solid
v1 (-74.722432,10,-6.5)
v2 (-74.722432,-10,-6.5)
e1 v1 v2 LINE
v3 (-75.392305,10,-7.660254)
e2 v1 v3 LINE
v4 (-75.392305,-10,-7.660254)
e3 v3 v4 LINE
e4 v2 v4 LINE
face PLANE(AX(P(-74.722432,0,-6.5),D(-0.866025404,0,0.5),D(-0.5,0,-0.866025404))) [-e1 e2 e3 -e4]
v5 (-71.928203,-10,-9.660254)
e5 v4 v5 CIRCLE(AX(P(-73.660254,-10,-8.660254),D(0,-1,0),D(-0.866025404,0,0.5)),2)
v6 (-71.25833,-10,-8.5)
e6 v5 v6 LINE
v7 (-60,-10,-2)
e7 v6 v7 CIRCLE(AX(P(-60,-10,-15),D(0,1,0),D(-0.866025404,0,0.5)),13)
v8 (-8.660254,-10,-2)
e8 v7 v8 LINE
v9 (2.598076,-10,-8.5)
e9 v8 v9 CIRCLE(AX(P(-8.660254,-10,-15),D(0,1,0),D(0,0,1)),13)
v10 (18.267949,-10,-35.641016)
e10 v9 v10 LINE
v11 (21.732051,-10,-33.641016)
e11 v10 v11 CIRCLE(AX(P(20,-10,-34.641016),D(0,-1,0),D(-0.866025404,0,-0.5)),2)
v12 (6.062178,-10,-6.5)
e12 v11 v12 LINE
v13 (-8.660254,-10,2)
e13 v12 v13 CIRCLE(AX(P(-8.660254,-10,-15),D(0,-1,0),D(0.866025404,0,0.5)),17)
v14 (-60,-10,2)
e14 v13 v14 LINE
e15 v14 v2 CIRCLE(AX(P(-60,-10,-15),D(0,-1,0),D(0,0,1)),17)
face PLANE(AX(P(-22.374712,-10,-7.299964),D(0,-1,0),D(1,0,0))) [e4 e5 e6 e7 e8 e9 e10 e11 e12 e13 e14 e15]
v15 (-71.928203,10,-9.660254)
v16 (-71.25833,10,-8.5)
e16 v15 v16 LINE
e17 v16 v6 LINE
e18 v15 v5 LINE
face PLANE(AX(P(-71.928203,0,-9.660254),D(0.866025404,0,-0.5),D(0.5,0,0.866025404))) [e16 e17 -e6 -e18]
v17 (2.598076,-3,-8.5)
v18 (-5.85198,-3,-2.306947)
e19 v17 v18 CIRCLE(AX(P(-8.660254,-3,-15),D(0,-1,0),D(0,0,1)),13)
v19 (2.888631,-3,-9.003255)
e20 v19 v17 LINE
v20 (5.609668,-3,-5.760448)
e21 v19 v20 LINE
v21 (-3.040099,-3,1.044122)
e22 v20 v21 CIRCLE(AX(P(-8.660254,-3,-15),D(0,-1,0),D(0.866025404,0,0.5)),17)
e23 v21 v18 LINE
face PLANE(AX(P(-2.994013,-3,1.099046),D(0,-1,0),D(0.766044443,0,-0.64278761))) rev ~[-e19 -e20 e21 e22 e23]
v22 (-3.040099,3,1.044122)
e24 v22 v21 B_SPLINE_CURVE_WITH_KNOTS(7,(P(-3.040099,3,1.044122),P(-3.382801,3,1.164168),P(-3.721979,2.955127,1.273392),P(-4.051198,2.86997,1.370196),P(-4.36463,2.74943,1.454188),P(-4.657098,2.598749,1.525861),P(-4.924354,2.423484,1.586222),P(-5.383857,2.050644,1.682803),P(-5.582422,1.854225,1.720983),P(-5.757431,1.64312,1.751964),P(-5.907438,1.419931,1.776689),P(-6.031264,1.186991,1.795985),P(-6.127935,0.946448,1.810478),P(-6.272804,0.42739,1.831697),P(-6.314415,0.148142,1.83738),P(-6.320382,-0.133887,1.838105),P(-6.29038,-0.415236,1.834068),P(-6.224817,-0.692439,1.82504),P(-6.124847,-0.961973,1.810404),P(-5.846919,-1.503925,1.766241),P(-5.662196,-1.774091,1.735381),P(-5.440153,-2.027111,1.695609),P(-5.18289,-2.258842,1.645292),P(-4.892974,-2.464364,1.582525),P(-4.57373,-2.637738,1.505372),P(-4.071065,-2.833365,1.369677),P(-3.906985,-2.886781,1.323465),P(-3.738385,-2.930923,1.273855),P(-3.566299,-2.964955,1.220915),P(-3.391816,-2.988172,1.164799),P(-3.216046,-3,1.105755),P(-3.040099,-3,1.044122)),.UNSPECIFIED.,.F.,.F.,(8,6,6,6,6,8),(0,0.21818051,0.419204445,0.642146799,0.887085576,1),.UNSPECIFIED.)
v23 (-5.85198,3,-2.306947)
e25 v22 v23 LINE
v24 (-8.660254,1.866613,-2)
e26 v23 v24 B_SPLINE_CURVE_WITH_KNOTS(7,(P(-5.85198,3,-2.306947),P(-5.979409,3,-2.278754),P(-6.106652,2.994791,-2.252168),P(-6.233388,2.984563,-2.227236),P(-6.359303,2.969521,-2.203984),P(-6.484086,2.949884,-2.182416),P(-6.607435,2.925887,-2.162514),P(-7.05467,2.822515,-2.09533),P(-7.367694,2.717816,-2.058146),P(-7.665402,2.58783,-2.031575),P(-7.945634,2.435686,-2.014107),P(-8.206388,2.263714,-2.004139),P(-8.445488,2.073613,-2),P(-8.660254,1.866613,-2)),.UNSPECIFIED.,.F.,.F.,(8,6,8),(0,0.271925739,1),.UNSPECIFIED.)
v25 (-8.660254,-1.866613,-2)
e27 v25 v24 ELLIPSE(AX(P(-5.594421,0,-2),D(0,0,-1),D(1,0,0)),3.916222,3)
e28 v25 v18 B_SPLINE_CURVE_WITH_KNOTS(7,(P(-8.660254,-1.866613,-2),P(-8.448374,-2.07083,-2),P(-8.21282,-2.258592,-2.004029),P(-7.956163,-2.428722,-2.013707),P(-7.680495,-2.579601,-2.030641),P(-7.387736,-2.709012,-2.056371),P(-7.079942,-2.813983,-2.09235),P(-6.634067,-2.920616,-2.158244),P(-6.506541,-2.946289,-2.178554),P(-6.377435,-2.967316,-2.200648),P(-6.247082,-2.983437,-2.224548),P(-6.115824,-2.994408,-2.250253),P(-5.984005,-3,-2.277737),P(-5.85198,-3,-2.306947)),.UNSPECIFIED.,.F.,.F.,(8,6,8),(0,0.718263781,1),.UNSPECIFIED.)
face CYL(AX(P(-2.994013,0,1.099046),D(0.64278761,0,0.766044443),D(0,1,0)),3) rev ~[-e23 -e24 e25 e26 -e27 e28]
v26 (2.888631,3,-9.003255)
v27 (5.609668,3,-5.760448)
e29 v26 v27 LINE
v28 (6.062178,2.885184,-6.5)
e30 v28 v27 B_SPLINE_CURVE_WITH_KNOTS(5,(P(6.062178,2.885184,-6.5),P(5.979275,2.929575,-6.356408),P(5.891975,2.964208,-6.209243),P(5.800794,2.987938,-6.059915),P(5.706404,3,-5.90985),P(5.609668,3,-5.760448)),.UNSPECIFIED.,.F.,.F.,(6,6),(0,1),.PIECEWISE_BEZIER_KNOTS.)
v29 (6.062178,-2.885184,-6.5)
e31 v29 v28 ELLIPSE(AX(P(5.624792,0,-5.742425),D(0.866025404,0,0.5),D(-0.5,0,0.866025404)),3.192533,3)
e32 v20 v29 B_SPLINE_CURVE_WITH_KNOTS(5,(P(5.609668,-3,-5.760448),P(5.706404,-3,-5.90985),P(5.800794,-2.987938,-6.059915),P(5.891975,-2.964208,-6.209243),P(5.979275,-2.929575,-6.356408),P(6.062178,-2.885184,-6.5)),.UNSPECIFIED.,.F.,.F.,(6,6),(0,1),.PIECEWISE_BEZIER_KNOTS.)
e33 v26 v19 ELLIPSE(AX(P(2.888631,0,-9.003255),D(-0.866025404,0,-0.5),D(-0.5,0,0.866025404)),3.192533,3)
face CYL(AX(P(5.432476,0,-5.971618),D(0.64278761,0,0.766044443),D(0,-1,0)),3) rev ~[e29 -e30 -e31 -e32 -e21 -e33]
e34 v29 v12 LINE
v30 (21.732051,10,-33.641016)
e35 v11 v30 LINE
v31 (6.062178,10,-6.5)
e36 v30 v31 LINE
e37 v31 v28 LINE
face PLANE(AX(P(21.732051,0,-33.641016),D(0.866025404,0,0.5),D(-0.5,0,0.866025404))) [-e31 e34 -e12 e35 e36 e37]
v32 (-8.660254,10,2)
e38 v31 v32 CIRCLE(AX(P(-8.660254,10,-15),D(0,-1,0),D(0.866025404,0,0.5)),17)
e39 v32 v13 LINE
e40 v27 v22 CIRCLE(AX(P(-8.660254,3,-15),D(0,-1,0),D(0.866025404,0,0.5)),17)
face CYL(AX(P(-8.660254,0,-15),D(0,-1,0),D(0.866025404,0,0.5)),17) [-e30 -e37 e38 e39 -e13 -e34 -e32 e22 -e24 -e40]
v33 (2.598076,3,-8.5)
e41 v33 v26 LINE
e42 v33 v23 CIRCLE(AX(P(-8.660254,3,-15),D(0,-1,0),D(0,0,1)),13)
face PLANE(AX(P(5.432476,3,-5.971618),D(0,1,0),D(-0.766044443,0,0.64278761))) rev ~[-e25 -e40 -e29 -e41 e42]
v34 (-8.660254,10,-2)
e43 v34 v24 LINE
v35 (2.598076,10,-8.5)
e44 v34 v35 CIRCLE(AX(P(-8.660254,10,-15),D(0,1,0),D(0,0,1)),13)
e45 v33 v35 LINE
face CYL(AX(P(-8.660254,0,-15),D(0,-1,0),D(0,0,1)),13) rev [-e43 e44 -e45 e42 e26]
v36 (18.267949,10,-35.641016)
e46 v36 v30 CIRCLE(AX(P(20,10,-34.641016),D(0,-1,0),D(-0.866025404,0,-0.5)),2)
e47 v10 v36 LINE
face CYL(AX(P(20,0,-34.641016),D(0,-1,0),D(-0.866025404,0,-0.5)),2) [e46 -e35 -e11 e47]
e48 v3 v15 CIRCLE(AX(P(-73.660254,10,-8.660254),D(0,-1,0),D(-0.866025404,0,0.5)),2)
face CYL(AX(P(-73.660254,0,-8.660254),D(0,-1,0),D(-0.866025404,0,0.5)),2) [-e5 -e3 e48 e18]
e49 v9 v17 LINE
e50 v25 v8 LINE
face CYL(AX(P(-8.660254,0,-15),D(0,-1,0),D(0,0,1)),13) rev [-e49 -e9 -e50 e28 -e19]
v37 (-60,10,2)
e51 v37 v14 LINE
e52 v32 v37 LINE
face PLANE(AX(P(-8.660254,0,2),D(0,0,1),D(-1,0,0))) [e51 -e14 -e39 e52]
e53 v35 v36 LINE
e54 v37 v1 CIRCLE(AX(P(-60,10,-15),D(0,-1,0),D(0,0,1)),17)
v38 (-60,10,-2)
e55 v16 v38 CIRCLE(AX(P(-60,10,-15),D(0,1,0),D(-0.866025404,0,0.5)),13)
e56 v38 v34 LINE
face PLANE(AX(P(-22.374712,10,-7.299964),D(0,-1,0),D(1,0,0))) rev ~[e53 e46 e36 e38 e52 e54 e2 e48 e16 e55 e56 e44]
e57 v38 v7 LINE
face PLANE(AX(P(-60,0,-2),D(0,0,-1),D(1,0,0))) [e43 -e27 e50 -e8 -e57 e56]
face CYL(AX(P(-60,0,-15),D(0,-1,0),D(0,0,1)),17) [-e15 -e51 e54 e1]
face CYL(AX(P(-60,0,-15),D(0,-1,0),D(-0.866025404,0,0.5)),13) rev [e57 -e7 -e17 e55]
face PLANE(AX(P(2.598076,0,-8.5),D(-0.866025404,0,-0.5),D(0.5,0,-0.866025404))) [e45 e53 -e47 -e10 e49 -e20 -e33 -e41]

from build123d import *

# Parameters (mm, degrees)
F1_DEPTH = 10
F4_DEPTH = 25


with BuildPart() as f1:
    # F0 (on Front) → F1 (new body, symmetric)
    with BuildSketch(Plane.XZ):
        with BuildLine():
            Line((21.7320508076, -33.6410161514), (6.0621778265, -6.5))
            ThreePointArc((6.0621778265, -6.5), (-0.1602540378, -0.2775681357), (-8.6602540378, 2))
            Line((-8.6602540378, 2), (-60, 2))
            ThreePointArc((-60, 2), (-68.5, -0.2775681357), (-74.7224318643, -6.5))
            Line((-74.7224318643, -6.5), (-75.3923048454, -7.6602540378))
            ThreePointArc((-75.3923048454, -7.6602540378), (-74.6602540378, -10.3923048454), (-71.9282032303, -9.6602540378))
            Line((-71.9282032303, -9.6602540378), (-71.2583302492, -8.5))
            ThreePointArc((-71.2583302492, -8.5), (-66.5, -3.7416697508), (-60, -2))
            Line((-60, -2), (-8.6602540378, -2))
            ThreePointArc((-8.6602540378, -2), (-2.1602540378, -3.7416697508), (2.5980762114, -8.5))
            Line((2.5980762114, -8.5), (18.2679491924, -35.6410161514))
            ThreePointArc((18.2679491924, -35.6410161514), (21, -36.3730669589), (21.7320508076, -33.6410161514))
        make_face()
    extrude(amount=F1_DEPTH, both=True)

    # F3 (on face) → F4 (cut, symmetric)
    with BuildSketch(Plane(origin=(-0.6958793502, 0, -0.8293167156), x_dir=(0.7660444431, 0, -0.6427876097), z_dir=(0.6427876097, 0, 0.7660444431))):
        with BuildLine():
            Line((-3, -3), (0, -3))
            ThreePointArc((0, -3), (-3, 0), (0, 3))
            Line((0, 3), (-3, 3))
            ThreePointArc((-3, 3), (-6, 0), (-3, -3))
        make_face()
        with BuildLine():
            ThreePointArc((0, 3), (3, 0), (0, -3))
            Line((0, -3), (8, -3))
            ThreePointArc((8, -3), (11, 0), (8, 3))
            Line((8, 3), (0, 3))
        make_face()
        with BuildLine():
            ThreePointArc((0, 3), (-3, 0), (0, -3))
            ThreePointArc((0, -3), (3, 0), (0, 3))
        make_face()
    extrude(amount=F4_DEPTH, both=True, mode=Mode.SUBTRACT)


solid = f1.part
